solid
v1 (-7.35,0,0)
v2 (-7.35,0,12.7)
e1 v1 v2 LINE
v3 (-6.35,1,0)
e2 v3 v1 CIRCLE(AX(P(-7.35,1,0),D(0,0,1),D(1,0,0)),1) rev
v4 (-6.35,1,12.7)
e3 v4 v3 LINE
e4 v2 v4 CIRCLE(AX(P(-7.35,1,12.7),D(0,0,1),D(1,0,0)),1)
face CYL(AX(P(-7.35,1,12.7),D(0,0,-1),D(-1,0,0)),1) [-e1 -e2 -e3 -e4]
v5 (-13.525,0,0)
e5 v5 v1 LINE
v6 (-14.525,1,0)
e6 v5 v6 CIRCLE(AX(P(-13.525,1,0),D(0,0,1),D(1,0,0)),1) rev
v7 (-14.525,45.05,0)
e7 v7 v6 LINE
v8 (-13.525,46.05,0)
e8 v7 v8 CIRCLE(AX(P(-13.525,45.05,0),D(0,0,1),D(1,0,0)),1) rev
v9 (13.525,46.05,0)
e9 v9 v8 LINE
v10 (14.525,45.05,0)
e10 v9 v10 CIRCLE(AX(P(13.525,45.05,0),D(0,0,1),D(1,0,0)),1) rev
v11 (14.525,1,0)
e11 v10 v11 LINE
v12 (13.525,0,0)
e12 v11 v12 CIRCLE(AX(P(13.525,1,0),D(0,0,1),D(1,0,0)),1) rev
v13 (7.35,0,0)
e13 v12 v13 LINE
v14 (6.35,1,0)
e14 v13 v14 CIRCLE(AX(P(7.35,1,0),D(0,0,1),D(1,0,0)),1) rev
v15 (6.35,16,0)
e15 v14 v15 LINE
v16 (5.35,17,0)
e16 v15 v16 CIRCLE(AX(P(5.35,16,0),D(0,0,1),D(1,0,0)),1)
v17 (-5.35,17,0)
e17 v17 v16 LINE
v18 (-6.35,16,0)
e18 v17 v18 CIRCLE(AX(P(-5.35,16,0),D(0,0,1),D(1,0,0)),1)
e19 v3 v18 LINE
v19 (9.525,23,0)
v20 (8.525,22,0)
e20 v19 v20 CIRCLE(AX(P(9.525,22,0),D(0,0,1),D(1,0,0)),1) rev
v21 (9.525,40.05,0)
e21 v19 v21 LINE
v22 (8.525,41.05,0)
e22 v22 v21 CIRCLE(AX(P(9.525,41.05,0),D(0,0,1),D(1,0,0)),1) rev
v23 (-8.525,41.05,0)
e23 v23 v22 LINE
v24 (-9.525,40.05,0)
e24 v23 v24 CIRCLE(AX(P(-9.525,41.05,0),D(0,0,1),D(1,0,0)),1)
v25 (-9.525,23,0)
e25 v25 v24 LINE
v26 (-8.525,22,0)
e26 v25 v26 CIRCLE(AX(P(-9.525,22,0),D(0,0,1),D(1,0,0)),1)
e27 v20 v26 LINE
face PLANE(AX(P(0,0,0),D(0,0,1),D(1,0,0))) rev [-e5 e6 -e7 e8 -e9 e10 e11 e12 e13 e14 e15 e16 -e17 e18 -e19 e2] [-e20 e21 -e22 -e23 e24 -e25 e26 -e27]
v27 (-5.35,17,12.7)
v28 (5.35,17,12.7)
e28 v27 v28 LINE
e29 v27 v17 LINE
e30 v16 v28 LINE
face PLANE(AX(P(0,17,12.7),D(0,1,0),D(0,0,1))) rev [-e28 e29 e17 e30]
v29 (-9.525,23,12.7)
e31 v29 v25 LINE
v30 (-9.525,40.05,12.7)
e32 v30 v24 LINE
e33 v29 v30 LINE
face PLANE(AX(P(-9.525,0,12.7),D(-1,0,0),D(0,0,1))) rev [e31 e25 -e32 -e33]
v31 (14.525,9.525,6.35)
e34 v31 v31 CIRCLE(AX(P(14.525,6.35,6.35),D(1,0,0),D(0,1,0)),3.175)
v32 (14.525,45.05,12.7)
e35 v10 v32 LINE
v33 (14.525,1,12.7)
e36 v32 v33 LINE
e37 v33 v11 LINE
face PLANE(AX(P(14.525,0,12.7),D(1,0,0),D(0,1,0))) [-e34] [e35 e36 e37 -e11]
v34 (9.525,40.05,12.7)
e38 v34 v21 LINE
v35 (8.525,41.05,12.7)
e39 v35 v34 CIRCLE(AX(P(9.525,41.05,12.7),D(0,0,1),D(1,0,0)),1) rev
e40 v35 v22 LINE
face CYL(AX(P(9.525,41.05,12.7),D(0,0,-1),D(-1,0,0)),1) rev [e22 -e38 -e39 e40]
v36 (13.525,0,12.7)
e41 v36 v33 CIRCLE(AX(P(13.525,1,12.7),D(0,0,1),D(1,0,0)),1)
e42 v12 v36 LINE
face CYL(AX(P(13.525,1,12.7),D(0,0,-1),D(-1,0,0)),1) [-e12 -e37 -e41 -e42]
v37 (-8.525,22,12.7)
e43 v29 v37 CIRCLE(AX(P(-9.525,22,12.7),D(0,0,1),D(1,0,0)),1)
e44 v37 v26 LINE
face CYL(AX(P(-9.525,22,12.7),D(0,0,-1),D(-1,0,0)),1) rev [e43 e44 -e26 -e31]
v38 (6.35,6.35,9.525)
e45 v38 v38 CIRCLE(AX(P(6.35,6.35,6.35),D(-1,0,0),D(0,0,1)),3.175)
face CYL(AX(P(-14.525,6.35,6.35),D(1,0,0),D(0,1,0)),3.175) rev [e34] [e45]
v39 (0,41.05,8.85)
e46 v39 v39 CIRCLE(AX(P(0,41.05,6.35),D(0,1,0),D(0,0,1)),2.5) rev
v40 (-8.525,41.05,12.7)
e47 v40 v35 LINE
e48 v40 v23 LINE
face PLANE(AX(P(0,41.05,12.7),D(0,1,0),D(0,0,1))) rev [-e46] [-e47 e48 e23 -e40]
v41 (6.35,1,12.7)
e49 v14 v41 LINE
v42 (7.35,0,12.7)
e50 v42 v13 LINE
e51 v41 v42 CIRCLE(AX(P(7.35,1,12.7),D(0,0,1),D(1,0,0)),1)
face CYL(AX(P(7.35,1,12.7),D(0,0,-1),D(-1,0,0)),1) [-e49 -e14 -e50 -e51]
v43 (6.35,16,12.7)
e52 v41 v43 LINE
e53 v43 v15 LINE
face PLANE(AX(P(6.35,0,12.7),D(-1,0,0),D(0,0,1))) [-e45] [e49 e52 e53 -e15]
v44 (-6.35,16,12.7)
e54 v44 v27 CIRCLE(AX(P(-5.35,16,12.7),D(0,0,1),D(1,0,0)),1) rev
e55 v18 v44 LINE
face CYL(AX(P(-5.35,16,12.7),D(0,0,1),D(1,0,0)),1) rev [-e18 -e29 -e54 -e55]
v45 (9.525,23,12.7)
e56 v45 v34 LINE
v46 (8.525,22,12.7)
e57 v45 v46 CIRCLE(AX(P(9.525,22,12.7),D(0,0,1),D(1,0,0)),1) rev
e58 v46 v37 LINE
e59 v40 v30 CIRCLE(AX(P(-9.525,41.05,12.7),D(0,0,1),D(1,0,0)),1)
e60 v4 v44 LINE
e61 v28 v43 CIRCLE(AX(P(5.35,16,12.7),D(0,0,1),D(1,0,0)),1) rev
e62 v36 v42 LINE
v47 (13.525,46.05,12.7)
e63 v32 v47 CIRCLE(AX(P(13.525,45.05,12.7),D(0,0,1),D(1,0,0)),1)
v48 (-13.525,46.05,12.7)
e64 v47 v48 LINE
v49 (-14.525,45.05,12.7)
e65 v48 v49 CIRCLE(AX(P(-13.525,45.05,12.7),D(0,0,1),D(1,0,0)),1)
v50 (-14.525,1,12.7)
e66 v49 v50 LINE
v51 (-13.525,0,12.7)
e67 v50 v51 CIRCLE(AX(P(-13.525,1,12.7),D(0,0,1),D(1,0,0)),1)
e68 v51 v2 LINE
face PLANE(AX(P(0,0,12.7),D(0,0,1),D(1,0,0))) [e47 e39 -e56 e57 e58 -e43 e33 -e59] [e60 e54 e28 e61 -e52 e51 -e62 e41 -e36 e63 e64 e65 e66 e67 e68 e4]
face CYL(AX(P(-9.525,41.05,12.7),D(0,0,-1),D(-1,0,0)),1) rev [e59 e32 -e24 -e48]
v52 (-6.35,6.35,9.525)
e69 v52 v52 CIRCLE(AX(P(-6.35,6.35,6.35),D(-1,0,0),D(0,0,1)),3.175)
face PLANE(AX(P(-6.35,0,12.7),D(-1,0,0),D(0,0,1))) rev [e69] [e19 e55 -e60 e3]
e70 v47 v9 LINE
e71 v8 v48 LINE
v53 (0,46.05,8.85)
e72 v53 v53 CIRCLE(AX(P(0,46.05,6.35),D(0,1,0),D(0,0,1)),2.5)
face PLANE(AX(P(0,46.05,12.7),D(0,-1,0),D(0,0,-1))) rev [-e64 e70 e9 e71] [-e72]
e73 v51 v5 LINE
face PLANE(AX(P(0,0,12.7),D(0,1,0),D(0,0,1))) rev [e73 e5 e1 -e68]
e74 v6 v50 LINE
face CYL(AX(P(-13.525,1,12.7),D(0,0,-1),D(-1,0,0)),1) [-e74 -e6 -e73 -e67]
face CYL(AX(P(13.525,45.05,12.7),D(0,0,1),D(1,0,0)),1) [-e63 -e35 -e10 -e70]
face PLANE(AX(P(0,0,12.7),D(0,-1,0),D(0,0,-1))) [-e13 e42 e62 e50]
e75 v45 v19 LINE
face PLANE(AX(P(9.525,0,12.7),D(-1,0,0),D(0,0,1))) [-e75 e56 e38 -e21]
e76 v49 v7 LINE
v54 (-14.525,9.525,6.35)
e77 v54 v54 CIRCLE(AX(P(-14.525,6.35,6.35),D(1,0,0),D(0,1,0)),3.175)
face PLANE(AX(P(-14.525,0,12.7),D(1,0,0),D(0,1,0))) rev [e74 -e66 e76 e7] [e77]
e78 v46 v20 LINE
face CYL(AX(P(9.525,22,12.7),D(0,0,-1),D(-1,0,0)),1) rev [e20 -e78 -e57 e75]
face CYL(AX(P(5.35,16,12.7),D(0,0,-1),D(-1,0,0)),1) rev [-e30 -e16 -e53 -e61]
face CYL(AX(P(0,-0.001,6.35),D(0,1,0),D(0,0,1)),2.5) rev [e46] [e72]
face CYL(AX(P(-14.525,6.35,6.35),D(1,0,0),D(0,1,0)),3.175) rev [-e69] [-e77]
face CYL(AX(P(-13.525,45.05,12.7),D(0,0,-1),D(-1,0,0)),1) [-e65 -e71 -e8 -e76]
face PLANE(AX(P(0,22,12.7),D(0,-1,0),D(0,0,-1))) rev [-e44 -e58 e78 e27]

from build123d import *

# Parameters (mm, degrees)
BOSS_EXTRU_1_DEPTH           = 12.7
ESQUISSE2_R                  = 3.175
ENL_V_MAT_EXTRU_1_DEPTH      = 21.875
ENL_V_MAT_EXTRU_1_DEPTH_BACK = 9.175
CONG_2_R                     = 1
ENL_V_MAT_EXTRU_2_REACH      = 48.05
ESQUISSE3_R                  = 2.5


with BuildPart() as part:
    # Esquisse1 → Boss.-Extru.1 (new body)
    with BuildSketch(Plane.XY):
        with BuildLine():
            Line((0, 41.05), (0, 46.05))
            Line((0, 46.05), (-14.525, 46.05))
            Line((-14.525, 46.05), (-14.525, 0))
            Line((-14.525, 0), (-6.35, 0))
            Line((-6.35, 0), (-6.35, 17))
            Line((-6.35, 17), (0, 17))
            Line((0, 17), (0, 22))
            Line((0, 22), (-8.525, 22))
            ThreePointArc((-8.525, 22), (-10.232106781, 21.292893219), (-9.525, 23))
            Line((-9.525, 23), (-9.525, 40.05))
            ThreePointArc((-9.525, 40.05), (-10.232106781, 41.757106781), (-8.525, 41.05))
            Line((-8.525, 41.05), (0, 41.05))
        make_face()
        with BuildLine():
            Line((14.525, 0), (14.525, 46.05))
            Line((14.525, 46.05), (0, 46.05))
            Line((0, 46.05), (0, 41.05))
            Line((0, 41.05), (8.525, 41.05))
            ThreePointArc((8.525, 41.05), (9.525, 42.05), (10.525, 41.05))
            ThreePointArc((10.525, 41.05), (10.232106781, 40.342893219), (9.525, 40.05))
            Line((9.525, 40.05), (9.525, 23))
            ThreePointArc((9.525, 23), (10.232106781, 22.707106781), (10.525, 22))
            ThreePointArc((10.525, 22), (9.525, 21), (8.525, 22))
            Line((8.525, 22), (0, 22))
            Line((0, 22), (0, 17))
            Line((0, 17), (6.35, 17))
            Line((6.35, 17), (6.35, 0))
            Line((6.35, 0), (14.525, 0))
        make_face()
    extrude(amount=BOSS_EXTRU_1_DEPTH)

    # Esquisse2 → Enlèv. mat.-Extru.1 (cut, two sides)
    with BuildSketch(Plane(origin=(-6.35, 0, 0), x_dir=(0, 0, -1), z_dir=(1, 0, 0))) as enl_v_mat_extru_1_sk:
        with Locations((-6.35, 6.35)):
            Circle(ESQUISSE2_R)
    extrude(amount=ENL_V_MAT_EXTRU_1_DEPTH, mode=Mode.SUBTRACT)
    extrude(enl_v_mat_extru_1_sk.sketch, amount=-ENL_V_MAT_EXTRU_1_DEPTH_BACK, mode=Mode.SUBTRACT)

    # Congé2
    cong_2_edges = [part.edges().sort_by_distance(p)[0] for p in [
        (14.525, 0, 6.35),
        (6.35, 0, 6.35),
        (6.35, 17, 6.35),
        (-6.35, 17, 6.35),
        (-6.35, 0, 6.35),
        (-14.525, 0, 6.35),
        (-14.525, 46.05, 6.35),
        (14.525, 46.05, 6.35),
    ]]
    fillet(cong_2_edges, radius=CONG_2_R)

    # Esquisse3 → Enlèv. mat.-Extru.2 (cut, up to next)
    with BuildSketch(Plane(origin=(0, 46.05, 0), x_dir=(1, 0, 0), z_dir=(0, 1, 0)), mode=Mode.PRIVATE) as enl_v_mat_extru_2_sk1:
        with Locations((0, -6.35)):
            Circle(ESQUISSE3_R)
    enl_v_mat_extru_2_tool1 = extrude(enl_v_mat_extru_2_sk1.sketch, amount=-ENL_V_MAT_EXTRU_2_REACH, mode=Mode.PRIVATE) & part.part
    add(enl_v_mat_extru_2_tool1.solids().sort_by_distance((0, 46.05, 6.35))[0], mode=Mode.SUBTRACT)


solid = part.part
